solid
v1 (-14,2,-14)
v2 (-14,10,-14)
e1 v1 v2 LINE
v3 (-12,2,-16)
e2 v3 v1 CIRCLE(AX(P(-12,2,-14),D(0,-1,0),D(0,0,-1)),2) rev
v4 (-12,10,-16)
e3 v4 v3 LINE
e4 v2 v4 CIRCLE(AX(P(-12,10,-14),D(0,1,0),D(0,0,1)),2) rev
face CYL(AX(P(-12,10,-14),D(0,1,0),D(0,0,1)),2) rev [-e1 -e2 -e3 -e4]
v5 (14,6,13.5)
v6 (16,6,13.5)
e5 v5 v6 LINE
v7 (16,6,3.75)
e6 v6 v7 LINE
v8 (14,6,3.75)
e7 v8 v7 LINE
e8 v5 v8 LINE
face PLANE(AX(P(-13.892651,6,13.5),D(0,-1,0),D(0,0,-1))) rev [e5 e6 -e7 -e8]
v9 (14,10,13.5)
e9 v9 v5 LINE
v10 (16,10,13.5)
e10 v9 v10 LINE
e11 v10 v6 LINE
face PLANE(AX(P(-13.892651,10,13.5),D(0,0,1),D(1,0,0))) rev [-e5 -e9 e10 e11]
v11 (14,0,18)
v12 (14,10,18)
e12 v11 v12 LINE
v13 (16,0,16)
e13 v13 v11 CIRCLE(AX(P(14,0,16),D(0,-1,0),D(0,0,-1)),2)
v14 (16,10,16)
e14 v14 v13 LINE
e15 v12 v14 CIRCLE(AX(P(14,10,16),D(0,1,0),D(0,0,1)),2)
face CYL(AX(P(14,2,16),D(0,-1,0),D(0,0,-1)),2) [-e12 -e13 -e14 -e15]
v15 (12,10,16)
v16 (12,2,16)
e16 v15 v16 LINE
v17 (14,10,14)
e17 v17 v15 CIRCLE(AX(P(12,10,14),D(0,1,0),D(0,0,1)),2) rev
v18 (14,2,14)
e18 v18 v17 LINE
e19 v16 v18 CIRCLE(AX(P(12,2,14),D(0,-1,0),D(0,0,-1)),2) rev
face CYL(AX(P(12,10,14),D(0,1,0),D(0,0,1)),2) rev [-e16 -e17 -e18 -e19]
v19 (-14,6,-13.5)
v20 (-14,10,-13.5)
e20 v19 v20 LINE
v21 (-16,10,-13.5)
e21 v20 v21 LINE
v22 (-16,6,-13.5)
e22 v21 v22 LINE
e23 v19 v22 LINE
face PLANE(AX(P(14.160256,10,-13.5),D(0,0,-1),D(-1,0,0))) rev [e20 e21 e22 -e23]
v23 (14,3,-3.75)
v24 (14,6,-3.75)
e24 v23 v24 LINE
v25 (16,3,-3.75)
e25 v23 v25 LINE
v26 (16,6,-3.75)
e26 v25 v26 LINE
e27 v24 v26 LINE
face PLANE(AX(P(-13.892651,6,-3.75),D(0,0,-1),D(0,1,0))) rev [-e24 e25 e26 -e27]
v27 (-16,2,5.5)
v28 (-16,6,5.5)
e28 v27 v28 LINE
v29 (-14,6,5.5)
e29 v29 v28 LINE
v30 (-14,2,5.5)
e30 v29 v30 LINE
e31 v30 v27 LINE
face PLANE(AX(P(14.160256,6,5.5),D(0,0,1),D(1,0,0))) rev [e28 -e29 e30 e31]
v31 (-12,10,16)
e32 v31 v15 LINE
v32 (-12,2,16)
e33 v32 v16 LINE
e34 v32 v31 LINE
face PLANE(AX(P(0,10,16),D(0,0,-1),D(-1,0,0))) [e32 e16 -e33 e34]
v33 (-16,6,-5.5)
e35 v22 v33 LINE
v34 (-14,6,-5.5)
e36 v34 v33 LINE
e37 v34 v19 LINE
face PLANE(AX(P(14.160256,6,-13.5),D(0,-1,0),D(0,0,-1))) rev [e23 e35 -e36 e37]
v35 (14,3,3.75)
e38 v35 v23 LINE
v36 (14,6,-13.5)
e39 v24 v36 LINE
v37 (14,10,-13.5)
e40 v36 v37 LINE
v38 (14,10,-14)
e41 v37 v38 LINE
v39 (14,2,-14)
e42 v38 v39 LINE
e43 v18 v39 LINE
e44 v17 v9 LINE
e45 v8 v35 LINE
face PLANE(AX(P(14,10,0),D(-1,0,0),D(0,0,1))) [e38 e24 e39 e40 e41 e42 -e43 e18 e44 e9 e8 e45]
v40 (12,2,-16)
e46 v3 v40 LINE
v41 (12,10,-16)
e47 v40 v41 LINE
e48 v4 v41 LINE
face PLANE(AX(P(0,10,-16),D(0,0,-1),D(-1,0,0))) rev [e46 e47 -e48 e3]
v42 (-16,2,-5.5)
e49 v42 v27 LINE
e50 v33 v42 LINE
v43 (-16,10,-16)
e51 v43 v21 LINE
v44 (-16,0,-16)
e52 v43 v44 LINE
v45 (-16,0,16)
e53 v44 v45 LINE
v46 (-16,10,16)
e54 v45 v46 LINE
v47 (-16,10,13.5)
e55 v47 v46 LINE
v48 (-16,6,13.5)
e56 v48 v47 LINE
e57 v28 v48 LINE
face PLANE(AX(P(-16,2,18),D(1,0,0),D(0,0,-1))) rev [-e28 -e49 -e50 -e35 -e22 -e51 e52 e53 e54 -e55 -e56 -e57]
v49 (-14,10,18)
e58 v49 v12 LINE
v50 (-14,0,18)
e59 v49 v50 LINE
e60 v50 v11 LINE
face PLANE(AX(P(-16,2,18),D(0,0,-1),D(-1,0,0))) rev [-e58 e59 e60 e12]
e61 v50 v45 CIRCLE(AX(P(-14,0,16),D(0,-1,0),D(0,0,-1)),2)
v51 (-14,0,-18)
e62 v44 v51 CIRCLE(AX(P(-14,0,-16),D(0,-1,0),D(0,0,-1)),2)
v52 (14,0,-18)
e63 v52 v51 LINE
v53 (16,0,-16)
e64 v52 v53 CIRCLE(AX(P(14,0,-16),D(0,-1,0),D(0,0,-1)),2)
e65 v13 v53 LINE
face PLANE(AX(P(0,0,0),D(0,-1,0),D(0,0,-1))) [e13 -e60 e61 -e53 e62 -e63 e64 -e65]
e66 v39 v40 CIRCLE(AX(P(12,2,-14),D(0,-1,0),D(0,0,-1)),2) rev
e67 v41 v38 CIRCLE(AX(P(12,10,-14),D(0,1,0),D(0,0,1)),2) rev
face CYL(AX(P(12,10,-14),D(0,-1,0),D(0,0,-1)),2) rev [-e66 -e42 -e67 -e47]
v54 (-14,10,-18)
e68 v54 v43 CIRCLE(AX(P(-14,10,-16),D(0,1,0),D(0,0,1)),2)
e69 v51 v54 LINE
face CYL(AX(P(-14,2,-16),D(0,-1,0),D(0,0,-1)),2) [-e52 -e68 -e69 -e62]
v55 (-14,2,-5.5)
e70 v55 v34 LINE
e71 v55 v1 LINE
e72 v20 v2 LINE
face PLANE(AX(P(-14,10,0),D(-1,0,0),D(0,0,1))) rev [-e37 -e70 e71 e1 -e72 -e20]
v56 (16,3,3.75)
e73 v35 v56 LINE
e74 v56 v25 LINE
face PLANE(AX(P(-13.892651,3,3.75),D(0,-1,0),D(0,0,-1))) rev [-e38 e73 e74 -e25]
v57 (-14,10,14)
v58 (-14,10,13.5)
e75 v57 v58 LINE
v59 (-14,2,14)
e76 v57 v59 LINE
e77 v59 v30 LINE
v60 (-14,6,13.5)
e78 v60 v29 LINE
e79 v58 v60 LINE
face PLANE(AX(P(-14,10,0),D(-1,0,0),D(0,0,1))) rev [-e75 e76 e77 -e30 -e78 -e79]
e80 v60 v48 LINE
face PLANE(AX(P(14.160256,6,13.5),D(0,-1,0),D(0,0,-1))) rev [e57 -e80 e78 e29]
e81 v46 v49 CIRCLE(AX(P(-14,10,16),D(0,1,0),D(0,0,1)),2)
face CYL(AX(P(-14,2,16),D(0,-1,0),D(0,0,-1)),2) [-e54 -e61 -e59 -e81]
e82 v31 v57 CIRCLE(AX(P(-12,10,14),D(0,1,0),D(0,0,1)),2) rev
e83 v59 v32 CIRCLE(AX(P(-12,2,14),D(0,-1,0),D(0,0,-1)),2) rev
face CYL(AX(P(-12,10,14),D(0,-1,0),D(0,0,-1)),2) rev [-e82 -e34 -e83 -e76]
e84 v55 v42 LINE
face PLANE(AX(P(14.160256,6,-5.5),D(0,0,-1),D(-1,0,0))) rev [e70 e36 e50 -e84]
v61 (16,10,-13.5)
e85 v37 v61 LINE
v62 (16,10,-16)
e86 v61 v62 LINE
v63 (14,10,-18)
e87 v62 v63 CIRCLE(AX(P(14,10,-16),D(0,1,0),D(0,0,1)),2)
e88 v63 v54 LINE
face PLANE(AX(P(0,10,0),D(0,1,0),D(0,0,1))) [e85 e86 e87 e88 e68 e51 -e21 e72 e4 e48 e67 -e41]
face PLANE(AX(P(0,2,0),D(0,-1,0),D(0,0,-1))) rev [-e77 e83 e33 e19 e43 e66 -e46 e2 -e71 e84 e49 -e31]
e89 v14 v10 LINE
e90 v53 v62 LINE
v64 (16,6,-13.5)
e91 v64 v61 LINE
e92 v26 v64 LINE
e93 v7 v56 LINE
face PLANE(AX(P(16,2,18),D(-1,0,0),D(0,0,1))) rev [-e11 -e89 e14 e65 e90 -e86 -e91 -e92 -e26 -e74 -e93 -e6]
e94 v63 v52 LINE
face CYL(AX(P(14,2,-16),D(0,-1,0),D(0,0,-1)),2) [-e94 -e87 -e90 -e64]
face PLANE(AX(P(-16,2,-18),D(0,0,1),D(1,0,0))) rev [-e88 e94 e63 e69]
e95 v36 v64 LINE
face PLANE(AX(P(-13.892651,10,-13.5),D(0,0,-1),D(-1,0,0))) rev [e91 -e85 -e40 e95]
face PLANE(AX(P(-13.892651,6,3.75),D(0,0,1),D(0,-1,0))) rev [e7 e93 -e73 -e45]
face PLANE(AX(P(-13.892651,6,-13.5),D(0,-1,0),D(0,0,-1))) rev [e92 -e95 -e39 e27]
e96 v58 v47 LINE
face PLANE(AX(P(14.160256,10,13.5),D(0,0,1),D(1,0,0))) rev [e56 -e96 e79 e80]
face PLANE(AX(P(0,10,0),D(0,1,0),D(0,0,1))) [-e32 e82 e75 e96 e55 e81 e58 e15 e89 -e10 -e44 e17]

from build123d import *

# Parameters (mm, degrees)
SKETCH1_W           = 32
SKETCH1_H           = 36
BOSS_EXTRUDE1_DEPTH = 2
SKETCH2_W           = 32
SKETCH2_H           = 36
SKETCH2_W_2         = 28
SKETCH2_H_2         = 32
BOSS_EXTRUDE2_DEPTH = 8
CUT_EXTRUDE1_DEPTH  = 2
CUT_EXTRUDE2_DEPTH  = 2
FILLET1_R           = 2


with BuildPart() as part:
    # Sketch1 → Boss-Extrude1 (new body)
    with BuildSketch(Plane(origin=(0, 0, 0), x_dir=(1, 0, 0), z_dir=(0, 1, 0))):
        Rectangle(SKETCH1_W, SKETCH1_H)
    extrude(amount=BOSS_EXTRUDE1_DEPTH)

    # Sketch2 → Boss-Extrude2 (add)
    with BuildSketch(Plane(origin=(0, 2, 0), x_dir=(1, 0, 0), z_dir=(0, 1, 0))):
        Rectangle(SKETCH2_W, SKETCH2_H)
        Rectangle(SKETCH2_W_2, SKETCH2_H_2, mode=Mode.SUBTRACT)
    extrude(amount=BOSS_EXTRUDE2_DEPTH)

    # Sketch3 → Cut-Extrude1 (cut)
    with BuildSketch(Plane.ZY.offset(16)):
        Polygon((-13.5, 10), (-13.5, 6), (-5.5, 6), (-5.5, 2), (5.5, 2), (5.5, 6), (13.5, 6), (13.5, 10), align=None)
    extrude(amount=-CUT_EXTRUDE1_DEPTH, mode=Mode.SUBTRACT)

    # Sketch4 → Cut-Extrude2 (cut)
    with BuildSketch(Plane(origin=(16, 0, 0), x_dir=(0, 0, -1), z_dir=(1, 0, 0))):
        Polygon((-13.5, 10), (-13.5, 6), (-3.75, 6), (-3.75, 3), (3.75, 3), (3.75, 6), (13.5, 6), (13.5, 10), align=None)
    extrude(amount=-CUT_EXTRUDE2_DEPTH, mode=Mode.SUBTRACT)

    # Fillet1
    fillet1_edges = [part.edges().sort_by_distance(p)[0] for p in [
        (14, 6, -16),
        (14, 6, 16),
        (-14, 6, 16),
        (-14, 6, -16),
        (16, 5, 18),
        (-16, 5, 18),
        (-16, 5, -18),
        (16, 5, -18),
    ]]
    fillet(fillet1_edges, radius=FILLET1_R)


solid = part.part
